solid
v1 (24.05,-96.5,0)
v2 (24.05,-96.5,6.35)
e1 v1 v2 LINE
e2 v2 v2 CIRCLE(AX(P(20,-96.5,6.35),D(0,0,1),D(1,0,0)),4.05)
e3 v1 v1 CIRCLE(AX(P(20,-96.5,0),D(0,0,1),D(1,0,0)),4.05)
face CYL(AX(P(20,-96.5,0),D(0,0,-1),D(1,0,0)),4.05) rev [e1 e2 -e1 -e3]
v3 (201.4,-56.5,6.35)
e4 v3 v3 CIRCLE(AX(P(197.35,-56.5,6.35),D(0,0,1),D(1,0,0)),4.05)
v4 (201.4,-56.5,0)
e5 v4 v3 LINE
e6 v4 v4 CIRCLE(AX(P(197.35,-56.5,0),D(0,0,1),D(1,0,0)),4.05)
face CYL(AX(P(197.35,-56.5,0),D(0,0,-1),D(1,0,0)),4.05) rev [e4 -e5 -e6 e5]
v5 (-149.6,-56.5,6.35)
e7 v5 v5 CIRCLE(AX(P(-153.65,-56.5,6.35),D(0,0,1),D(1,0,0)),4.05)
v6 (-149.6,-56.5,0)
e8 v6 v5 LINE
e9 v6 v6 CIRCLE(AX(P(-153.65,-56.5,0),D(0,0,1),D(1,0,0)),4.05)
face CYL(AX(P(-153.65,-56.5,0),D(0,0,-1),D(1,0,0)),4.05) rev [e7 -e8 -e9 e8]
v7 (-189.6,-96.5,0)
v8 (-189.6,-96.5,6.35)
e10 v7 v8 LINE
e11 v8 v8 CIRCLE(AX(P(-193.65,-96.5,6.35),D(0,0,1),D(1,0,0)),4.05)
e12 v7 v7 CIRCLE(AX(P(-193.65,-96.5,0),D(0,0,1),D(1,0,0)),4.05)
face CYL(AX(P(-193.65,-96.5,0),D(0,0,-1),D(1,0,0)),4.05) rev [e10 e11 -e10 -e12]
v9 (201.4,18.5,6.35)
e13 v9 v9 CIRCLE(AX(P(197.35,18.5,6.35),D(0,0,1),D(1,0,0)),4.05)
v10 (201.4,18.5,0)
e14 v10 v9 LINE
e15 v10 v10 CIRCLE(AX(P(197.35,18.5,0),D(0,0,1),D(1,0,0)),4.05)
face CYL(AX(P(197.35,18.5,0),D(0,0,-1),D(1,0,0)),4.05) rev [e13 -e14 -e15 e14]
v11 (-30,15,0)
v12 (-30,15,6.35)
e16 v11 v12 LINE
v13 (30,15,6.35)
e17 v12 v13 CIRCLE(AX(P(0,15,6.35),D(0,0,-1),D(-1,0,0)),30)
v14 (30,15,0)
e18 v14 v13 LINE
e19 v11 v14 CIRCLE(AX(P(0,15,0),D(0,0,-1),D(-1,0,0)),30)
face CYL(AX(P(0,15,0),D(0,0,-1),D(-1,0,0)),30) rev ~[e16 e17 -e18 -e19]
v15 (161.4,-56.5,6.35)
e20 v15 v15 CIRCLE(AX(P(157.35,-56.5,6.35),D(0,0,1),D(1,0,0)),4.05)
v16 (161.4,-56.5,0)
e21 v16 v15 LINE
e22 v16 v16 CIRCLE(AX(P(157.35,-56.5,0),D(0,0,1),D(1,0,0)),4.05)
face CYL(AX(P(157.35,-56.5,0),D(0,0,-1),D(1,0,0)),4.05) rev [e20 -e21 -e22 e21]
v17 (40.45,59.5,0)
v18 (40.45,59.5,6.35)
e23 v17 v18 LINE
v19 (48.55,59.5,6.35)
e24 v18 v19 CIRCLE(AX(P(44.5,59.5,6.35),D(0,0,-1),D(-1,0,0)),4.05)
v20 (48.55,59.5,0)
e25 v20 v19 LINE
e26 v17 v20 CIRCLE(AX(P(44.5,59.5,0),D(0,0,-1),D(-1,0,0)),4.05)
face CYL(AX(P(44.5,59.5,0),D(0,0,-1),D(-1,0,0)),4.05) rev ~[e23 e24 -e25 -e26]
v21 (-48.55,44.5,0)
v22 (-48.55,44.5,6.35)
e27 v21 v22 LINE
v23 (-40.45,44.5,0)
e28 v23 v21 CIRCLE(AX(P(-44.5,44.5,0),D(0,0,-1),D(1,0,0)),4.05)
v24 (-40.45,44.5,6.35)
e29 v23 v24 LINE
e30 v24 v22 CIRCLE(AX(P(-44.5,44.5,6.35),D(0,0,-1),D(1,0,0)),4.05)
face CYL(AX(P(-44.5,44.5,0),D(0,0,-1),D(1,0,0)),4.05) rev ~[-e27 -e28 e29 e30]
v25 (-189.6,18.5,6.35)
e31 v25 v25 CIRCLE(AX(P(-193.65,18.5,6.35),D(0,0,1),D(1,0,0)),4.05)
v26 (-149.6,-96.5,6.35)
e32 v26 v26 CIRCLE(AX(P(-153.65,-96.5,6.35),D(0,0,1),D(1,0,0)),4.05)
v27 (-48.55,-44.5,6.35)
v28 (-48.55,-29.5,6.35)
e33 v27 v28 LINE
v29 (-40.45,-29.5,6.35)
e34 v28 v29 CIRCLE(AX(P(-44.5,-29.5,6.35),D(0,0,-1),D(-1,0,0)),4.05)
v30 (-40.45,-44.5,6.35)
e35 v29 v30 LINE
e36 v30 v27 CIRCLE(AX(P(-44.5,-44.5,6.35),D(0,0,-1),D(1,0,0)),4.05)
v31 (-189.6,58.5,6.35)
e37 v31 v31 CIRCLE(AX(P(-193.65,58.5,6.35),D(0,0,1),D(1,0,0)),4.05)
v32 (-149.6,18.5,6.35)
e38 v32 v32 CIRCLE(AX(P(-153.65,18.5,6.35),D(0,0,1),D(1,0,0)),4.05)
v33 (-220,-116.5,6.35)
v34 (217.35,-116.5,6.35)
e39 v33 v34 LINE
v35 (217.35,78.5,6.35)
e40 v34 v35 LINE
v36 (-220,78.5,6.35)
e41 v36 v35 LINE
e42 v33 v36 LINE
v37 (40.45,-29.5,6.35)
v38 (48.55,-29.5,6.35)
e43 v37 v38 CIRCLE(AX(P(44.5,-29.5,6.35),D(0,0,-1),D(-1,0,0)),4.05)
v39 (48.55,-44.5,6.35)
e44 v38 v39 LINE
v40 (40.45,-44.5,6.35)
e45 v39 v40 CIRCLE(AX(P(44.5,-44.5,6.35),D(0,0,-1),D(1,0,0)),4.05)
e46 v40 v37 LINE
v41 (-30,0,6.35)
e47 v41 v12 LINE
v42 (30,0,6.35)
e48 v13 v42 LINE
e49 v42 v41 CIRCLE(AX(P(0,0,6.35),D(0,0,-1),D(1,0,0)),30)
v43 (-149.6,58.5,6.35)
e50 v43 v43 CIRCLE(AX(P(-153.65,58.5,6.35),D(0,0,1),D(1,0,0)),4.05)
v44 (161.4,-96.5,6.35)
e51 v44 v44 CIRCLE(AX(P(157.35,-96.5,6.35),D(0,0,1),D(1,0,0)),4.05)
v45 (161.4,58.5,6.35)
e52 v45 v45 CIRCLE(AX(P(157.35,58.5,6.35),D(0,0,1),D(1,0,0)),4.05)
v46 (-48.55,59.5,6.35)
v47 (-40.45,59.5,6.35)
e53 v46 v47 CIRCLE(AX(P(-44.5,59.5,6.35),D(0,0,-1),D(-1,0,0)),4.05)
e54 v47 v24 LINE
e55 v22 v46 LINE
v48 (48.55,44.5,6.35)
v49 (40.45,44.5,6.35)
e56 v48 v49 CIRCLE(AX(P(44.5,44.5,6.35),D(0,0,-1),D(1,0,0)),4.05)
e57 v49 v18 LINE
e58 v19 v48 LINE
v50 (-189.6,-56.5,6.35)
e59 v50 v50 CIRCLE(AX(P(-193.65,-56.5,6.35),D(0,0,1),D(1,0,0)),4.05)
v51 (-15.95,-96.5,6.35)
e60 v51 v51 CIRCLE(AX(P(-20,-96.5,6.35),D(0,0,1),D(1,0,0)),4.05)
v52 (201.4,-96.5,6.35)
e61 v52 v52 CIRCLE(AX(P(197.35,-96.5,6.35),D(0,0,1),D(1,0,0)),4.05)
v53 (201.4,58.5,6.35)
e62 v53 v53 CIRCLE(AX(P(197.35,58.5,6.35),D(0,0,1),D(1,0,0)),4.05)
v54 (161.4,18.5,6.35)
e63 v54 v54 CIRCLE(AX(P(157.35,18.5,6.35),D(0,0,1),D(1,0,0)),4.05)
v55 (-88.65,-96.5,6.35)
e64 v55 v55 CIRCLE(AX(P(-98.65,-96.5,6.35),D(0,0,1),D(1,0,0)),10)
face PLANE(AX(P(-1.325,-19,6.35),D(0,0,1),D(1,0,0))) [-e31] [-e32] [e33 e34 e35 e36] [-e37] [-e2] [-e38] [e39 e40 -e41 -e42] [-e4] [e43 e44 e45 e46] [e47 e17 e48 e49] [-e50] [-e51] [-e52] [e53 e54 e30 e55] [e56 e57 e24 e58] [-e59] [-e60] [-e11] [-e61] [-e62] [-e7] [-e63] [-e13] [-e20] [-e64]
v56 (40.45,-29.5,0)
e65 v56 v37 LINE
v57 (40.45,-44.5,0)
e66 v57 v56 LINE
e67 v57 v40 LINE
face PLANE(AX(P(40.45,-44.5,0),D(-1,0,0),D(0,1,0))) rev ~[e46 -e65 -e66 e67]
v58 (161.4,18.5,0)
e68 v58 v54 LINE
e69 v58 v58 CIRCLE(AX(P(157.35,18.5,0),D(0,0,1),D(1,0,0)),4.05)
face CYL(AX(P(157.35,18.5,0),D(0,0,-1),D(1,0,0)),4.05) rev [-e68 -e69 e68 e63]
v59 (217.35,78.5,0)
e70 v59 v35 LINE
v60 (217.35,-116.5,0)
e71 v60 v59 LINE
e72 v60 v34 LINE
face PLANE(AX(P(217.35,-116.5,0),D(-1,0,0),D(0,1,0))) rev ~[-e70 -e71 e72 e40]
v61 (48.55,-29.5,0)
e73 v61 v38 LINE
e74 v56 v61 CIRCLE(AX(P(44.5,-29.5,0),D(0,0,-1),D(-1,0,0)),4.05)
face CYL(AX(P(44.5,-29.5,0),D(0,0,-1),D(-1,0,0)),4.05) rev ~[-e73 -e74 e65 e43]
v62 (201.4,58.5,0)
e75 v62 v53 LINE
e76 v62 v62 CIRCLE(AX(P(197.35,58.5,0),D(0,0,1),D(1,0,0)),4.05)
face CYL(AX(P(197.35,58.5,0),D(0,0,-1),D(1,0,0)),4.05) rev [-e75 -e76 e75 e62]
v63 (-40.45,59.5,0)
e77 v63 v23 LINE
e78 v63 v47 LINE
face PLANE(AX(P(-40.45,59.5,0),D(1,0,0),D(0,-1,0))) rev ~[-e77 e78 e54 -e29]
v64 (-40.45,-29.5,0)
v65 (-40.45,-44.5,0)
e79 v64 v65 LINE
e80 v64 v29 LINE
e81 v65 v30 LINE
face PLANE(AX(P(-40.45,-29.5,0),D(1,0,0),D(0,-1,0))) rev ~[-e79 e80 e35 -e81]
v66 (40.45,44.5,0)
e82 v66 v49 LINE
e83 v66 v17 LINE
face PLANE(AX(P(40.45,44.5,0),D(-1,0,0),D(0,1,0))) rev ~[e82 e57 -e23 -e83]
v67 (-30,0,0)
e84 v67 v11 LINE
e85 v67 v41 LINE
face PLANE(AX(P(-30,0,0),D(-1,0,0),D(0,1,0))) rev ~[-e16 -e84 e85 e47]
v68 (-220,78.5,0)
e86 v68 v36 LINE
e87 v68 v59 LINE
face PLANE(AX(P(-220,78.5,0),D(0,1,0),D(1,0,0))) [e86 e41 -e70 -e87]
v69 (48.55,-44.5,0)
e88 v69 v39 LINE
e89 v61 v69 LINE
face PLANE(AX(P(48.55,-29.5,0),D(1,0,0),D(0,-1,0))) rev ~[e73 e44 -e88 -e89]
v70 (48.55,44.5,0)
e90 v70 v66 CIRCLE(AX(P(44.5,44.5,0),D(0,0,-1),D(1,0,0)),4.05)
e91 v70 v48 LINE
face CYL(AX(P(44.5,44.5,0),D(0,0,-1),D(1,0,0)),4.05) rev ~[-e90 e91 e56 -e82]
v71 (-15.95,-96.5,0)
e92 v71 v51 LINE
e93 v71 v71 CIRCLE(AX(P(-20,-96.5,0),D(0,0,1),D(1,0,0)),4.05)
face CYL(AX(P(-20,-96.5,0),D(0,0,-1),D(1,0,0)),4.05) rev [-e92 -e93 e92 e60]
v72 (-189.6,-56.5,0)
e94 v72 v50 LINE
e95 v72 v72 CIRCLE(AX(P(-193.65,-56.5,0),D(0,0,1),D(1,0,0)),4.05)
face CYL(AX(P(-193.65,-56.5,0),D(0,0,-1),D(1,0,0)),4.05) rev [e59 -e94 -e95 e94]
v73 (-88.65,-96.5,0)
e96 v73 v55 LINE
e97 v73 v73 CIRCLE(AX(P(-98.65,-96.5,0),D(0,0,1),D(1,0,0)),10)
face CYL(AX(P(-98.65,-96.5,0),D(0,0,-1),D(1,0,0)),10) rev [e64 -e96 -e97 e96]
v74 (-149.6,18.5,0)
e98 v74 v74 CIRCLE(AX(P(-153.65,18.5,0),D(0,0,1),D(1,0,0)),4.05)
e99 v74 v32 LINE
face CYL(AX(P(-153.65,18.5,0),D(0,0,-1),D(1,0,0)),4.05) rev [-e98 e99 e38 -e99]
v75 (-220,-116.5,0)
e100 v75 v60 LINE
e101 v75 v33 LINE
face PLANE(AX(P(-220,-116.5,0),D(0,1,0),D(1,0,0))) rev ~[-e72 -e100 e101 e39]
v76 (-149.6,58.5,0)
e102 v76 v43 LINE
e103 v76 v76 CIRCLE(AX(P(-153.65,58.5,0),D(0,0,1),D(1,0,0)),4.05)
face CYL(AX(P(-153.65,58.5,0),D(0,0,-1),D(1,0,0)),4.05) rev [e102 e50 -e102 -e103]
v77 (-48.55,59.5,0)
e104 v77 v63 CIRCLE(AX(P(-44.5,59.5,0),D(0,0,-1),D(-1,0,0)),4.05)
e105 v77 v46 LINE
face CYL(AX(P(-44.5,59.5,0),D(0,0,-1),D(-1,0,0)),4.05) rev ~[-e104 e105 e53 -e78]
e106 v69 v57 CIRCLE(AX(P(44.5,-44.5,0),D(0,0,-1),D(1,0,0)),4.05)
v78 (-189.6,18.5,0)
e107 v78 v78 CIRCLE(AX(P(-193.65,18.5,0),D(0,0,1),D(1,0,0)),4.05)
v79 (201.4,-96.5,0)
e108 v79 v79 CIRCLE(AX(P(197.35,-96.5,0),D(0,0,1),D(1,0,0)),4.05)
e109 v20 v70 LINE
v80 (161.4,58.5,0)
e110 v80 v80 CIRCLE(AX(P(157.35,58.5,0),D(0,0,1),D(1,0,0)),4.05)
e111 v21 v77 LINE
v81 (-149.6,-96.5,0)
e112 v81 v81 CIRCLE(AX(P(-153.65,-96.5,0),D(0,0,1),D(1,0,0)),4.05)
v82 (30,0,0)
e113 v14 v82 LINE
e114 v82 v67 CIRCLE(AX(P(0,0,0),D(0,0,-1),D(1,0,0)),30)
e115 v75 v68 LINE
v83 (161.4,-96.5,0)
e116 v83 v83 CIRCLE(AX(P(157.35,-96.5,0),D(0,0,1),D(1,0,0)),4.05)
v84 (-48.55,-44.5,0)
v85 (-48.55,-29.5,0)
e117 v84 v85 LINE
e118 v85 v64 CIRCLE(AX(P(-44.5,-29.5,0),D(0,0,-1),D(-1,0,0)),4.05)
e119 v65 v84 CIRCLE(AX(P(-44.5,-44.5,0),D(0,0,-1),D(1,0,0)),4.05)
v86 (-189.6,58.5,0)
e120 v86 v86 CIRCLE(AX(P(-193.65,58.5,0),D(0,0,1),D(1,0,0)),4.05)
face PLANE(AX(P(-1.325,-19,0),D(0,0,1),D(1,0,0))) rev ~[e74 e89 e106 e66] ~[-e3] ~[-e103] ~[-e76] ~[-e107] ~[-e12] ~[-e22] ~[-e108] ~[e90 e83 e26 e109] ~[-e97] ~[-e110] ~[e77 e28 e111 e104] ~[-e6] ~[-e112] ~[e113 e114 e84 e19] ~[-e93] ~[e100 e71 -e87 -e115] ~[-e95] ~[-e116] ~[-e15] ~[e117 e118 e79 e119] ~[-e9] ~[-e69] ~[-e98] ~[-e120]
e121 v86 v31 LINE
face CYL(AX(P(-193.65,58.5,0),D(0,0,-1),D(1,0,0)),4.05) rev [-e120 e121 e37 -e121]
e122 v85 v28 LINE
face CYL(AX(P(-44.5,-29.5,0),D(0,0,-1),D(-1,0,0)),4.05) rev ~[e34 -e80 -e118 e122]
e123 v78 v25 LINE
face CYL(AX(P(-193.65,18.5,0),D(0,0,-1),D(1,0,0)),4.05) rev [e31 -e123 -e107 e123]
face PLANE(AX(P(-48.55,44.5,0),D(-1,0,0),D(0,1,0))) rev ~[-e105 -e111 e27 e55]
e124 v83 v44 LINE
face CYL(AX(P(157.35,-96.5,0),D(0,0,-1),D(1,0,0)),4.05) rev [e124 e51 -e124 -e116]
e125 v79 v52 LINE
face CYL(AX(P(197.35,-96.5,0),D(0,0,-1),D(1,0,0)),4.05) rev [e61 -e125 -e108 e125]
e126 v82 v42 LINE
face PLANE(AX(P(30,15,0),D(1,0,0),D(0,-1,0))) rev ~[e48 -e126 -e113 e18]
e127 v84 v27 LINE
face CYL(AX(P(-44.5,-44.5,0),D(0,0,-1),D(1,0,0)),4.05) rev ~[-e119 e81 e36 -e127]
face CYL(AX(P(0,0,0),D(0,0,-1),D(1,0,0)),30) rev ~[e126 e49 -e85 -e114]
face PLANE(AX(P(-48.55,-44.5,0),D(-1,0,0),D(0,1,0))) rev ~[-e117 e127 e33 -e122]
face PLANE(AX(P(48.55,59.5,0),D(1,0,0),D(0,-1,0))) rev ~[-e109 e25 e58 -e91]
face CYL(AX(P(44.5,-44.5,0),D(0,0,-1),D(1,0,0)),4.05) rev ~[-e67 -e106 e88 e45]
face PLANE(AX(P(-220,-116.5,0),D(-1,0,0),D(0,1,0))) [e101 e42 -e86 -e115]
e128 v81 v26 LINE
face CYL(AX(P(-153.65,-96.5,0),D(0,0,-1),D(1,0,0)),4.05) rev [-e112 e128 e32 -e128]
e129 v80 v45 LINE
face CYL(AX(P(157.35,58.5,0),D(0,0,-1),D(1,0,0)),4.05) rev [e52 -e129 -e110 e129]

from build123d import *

# Parameters (mm, degrees)
SKETCH1_W           = 437.35
SKETCH1_H           = 195
SKETCH1_R           = 4.05
SKETCH1_R_2         = 10
BOSS_EXTRUDE1_DEPTH = 6.35


with BuildPart() as part:
    # Sketch1 → Boss-Extrude1 (new body)
    with BuildSketch(Plane.XY):
        with Locations((-1.325, -19)):
            Rectangle(SKETCH1_W, SKETCH1_H)
        with Locations((-193.65, 58.5)):
            Circle(SKETCH1_R, mode=Mode.SUBTRACT)
        with Locations((-153.65, 58.5)):
            Circle(SKETCH1_R, mode=Mode.SUBTRACT)
        with Locations((-153.65, 18.5)):
            Circle(SKETCH1_R, mode=Mode.SUBTRACT)
        with Locations((-193.65, 18.5)):
            Circle(SKETCH1_R, mode=Mode.SUBTRACT)
        with Locations((-193.65, -56.5)):
            Circle(SKETCH1_R, mode=Mode.SUBTRACT)
        with Locations((-153.65, -56.5)):
            Circle(SKETCH1_R, mode=Mode.SUBTRACT)
        with Locations((-153.65, -96.5)):
            Circle(SKETCH1_R, mode=Mode.SUBTRACT)
        with Locations((-193.65, -96.5)):
            Circle(SKETCH1_R, mode=Mode.SUBTRACT)
        with Locations((157.35, -56.5)):
            Circle(SKETCH1_R, mode=Mode.SUBTRACT)
        with Locations((197.35, -56.5)):
            Circle(SKETCH1_R, mode=Mode.SUBTRACT)
        with Locations((197.35, -96.5)):
            Circle(SKETCH1_R, mode=Mode.SUBTRACT)
        with Locations((157.35, -96.5)):
            Circle(SKETCH1_R, mode=Mode.SUBTRACT)
        with Locations((157.35, 18.5)):
            Circle(SKETCH1_R, mode=Mode.SUBTRACT)
        with Locations((197.35, 18.5)):
            Circle(SKETCH1_R, mode=Mode.SUBTRACT)
        with Locations((197.35, 58.5)):
            Circle(SKETCH1_R, mode=Mode.SUBTRACT)
        with Locations((157.35, 58.5)):
            Circle(SKETCH1_R, mode=Mode.SUBTRACT)
        with Locations((-98.65, -96.5)):
            Circle(SKETCH1_R_2, mode=Mode.SUBTRACT)
        with Locations((-20, -96.5)):
            Circle(SKETCH1_R, mode=Mode.SUBTRACT)
        with Locations((20, -96.5)):
            Circle(SKETCH1_R, mode=Mode.SUBTRACT)
        with BuildLine():
            Line((-48.55, -44.5), (-48.55, -29.5))
            ThreePointArc((-48.55, -29.5), (-44.5, -25.45), (-40.45, -29.5))
            Line((-40.45, -29.5), (-40.45, -44.5))
            ThreePointArc((-40.45, -44.5), (-44.5, -48.55), (-48.55, -44.5))
        make_face(mode=Mode.SUBTRACT)
        with BuildLine():
            Line((-48.55, 44.5), (-48.55, 59.5))
            ThreePointArc((-48.55, 59.5), (-44.5, 63.55), (-40.45, 59.5))
            Line((-40.45, 59.5), (-40.45, 44.5))
            ThreePointArc((-40.45, 44.5), (-44.5, 40.45), (-48.55, 44.5))
        make_face(mode=Mode.SUBTRACT)
        with BuildLine():
            Line((40.45, 44.5), (40.45, 59.5))
            ThreePointArc((40.45, 59.5), (44.5, 63.55), (48.55, 59.5))
            Line((48.55, 59.5), (48.55, 44.5))
            ThreePointArc((48.55, 44.5), (44.5, 40.45), (40.45, 44.5))
        make_face(mode=Mode.SUBTRACT)
        with BuildLine():
            Line((40.45, -44.5), (40.45, -29.5))
            ThreePointArc((40.45, -29.5), (44.5, -25.45), (48.55, -29.5))
            Line((48.55, -29.5), (48.55, -44.5))
            ThreePointArc((48.55, -44.5), (44.5, -48.55), (40.45, -44.5))
        make_face(mode=Mode.SUBTRACT)
        with BuildLine():
            Line((-30, 0), (-30, 15))
            ThreePointArc((-30, 15), (0, 45), (30, 15))
            Line((30, 15), (30, 0))
            ThreePointArc((30, 0), (0, -30), (-30, 0))
        make_face(mode=Mode.SUBTRACT)
    extrude(amount=BOSS_EXTRUDE1_DEPTH)


solid = part.part
